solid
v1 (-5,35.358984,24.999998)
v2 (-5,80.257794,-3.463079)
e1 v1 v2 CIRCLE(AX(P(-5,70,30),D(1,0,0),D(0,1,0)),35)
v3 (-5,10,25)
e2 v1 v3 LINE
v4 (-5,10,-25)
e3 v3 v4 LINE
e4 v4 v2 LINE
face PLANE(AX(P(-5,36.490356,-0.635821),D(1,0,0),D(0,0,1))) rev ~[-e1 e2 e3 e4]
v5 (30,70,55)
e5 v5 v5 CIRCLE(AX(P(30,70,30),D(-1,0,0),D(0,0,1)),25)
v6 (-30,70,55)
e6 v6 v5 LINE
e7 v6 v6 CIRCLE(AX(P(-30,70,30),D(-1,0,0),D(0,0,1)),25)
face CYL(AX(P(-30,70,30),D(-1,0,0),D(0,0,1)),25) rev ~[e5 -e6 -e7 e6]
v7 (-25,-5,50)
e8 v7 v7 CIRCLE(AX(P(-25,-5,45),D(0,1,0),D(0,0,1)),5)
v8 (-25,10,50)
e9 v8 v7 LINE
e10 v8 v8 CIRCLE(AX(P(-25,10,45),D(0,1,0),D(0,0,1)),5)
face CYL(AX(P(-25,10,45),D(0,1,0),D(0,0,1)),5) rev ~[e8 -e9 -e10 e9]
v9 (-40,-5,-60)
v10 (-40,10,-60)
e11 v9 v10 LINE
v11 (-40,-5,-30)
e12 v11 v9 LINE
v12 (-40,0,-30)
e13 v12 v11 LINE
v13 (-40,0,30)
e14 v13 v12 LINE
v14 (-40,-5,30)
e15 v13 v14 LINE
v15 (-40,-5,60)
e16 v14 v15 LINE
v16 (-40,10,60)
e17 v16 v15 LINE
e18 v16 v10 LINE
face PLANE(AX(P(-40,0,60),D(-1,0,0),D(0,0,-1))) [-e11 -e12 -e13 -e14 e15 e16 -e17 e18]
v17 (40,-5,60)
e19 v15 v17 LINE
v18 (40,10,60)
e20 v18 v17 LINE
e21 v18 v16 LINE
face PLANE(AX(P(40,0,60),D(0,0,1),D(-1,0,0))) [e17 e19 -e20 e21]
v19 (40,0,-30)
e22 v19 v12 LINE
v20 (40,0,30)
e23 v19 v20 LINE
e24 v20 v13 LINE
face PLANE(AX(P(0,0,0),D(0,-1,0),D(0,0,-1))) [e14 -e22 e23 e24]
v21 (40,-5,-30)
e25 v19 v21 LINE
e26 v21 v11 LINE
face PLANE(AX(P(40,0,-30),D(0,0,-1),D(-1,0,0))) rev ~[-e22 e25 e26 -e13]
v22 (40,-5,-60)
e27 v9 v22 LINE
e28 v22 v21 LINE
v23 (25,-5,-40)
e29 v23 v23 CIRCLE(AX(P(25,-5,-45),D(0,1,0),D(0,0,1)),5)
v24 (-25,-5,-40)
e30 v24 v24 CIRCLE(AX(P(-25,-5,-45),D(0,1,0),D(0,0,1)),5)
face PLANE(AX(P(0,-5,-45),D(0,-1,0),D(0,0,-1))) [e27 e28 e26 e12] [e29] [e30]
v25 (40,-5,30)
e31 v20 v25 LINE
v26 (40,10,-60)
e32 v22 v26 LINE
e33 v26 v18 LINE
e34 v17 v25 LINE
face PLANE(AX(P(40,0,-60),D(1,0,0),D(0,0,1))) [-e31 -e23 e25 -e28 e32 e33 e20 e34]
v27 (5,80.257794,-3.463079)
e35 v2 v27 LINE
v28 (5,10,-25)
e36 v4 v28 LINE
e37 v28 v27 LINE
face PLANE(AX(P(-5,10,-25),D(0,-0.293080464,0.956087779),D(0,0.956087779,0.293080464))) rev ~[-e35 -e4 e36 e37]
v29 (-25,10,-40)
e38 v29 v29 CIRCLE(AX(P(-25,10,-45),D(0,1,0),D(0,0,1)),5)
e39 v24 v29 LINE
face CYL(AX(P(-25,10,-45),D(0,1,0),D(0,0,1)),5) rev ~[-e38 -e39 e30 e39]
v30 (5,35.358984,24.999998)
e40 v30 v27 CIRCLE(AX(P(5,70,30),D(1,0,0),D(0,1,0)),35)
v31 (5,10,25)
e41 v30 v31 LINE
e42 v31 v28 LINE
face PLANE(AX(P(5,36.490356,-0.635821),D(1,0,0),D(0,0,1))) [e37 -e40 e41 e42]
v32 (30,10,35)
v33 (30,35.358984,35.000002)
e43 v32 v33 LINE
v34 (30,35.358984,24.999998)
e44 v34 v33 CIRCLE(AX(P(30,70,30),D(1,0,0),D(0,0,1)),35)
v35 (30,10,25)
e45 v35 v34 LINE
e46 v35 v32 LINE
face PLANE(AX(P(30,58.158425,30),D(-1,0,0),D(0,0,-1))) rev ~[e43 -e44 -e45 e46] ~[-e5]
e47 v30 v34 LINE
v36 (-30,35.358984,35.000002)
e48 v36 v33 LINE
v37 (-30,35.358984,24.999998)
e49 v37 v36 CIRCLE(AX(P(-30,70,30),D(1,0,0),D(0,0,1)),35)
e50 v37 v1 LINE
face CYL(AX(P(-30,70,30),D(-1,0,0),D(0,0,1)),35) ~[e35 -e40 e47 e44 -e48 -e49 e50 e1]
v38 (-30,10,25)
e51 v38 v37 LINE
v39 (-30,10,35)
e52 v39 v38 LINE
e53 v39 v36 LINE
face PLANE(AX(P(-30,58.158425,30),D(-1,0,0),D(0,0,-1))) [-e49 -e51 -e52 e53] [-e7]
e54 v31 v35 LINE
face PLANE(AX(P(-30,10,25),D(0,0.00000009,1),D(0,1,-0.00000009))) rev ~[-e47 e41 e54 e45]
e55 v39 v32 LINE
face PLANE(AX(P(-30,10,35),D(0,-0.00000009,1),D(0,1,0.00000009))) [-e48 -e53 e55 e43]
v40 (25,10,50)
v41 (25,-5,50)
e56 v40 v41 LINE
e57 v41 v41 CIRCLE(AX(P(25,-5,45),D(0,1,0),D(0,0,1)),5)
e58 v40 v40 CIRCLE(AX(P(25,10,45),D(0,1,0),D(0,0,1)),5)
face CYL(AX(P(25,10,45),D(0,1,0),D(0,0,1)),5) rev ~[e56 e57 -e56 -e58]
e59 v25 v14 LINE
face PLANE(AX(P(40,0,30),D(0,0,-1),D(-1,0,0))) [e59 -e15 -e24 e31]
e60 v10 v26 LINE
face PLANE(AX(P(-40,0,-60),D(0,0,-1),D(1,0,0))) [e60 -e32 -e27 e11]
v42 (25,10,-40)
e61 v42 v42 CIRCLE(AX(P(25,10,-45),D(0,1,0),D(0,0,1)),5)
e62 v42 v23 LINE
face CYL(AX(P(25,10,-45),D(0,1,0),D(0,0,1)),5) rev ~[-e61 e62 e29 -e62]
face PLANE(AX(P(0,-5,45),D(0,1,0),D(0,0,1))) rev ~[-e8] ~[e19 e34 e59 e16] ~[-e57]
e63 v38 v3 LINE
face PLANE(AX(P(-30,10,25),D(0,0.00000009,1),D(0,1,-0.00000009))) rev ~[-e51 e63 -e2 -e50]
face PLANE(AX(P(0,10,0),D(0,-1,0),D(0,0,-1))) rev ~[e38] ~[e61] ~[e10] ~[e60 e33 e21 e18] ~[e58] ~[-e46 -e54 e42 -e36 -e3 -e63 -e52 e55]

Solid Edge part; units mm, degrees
sketch "Sketch1" plane through (0, 0, 0) normal (0, -1, 0) x (1, 0, 0)
  line L0 (40, -60) -> (40, 60)
  line L1 (40, 60) -> (-40, 60)
  line L2 (-40, 60) -> (-40, -60)
  line L3 (-40, -60) -> (40, -60)
extrude "Protrusion1" add sketch "Sketch1" against normal blind 10
sketch "Sketch2" plane through (0, 0, 0) normal (0, -1, 0) x (1, 0, 0)
  line L0 (40, 30) -> (-40, 30)
  line L1 (-40, 30) -> (-40, 60)
  line L2 (-40, 60) -> (40, 60)
  line L3 (40, 60) -> (40, 30)
extrude "ExtrudedProtrusion_3" add sketch "Sketch2" along normal blind 5
sketch "Sketch3" plane through (0, 0, 0) normal (0, -1, 0) x (1, 0, 0)
  line L0 (40, -30) -> (-40, -30)
  line L1 (-40, -30) -> (-40, -60)
  line L2 (-40, -60) -> (40, -60)
  line L3 (40, -60) -> (40, -30)
extrude "ExtrudedProtrusion_4" add sketch "Sketch3" along normal blind 5
sketch "Sketch4" plane through (0, 10, 0) normal (0, 1, 0) x (0, 0, 1)
  circle A0 centre (-45, 25) radius 5
extrude "ExtrudedCutout_1" cut sketch "Sketch4" against normal blind 15
sketch "Sketch5" plane through (0, 10, 0) normal (0, 1, 0) x (0, 0, 1)
  circle A0 centre (-45, -25) radius 5
extrude "ExtrudedCutout_2" cut sketch "Sketch5" against normal blind 10
sketch "Sketch6" plane through (0, 10, 0) normal (0, 1, 0) x (0, 0, 1)
  circle A0 centre (-45, -25) radius 5
extrude "ExtrudedCutout_3" cut sketch "Sketch6" against normal blind 15
sketch "Sketch7" plane through (0, 10, 0) normal (0, 1, 0) x (0, 0, 1)
  circle A0 centre (45, -25) radius 5
extrude "ExtrudedCutout_4" cut sketch "Sketch7" against normal blind 15
sketch "Sketch8" plane through (0, 10, 0) normal (0, 1, 0) x (0, 0, 1)
  circle A0 centre (45, 25) radius 5
extrude "ExtrudedCutout_5" cut sketch "Sketch8" against normal blind 15
sketch "Sketch9" plane through (-30, 2.5, 0) normal (-1, 0, 0) x (0, 0, 1)
  line L0 (35, 7.5) -> (35, 32.859)
  line L1 (35, 7.5) -> (30, 7.5)
  line L2 (30, 7.5) -> (25, 7.5)
  line L3 (25, 7.5) -> (25, 32.859)
  arc A0 (25, 32.859) -> (35, 32.859) centre (30, 67.5) cw
extrude "ExtrudedProtrusion_5" add sketch "Sketch9" against normal blind 60
sketch "Sketch10" plane through (-30, 2.5, 0) normal (-1, 0, 0) x (0, 0, 1)
  circle A0 centre (30, 67.5) radius 25
extrude "ExtrudedCutout_6" cut sketch "Sketch10" against normal blind 60
sketch "Sketch11" plane through (-5, 57.5, 30) normal (-1, 0, 0) x (0, 1, 0)
  line L0 (-47.5, 55) -> (22.7578, 33.4631)
  line L1 (-22.141, 5) -> (-47.5, 5)
  line L2 (-47.5, 5) -> (-47.5, 55)
  arc A0 (-22.141, 5) -> (22.7578, 33.4631) centre (12.5, 0) cw
extrude "ExtrudedProtrusion_6" add sketch "Sketch11" against normal blind 10
